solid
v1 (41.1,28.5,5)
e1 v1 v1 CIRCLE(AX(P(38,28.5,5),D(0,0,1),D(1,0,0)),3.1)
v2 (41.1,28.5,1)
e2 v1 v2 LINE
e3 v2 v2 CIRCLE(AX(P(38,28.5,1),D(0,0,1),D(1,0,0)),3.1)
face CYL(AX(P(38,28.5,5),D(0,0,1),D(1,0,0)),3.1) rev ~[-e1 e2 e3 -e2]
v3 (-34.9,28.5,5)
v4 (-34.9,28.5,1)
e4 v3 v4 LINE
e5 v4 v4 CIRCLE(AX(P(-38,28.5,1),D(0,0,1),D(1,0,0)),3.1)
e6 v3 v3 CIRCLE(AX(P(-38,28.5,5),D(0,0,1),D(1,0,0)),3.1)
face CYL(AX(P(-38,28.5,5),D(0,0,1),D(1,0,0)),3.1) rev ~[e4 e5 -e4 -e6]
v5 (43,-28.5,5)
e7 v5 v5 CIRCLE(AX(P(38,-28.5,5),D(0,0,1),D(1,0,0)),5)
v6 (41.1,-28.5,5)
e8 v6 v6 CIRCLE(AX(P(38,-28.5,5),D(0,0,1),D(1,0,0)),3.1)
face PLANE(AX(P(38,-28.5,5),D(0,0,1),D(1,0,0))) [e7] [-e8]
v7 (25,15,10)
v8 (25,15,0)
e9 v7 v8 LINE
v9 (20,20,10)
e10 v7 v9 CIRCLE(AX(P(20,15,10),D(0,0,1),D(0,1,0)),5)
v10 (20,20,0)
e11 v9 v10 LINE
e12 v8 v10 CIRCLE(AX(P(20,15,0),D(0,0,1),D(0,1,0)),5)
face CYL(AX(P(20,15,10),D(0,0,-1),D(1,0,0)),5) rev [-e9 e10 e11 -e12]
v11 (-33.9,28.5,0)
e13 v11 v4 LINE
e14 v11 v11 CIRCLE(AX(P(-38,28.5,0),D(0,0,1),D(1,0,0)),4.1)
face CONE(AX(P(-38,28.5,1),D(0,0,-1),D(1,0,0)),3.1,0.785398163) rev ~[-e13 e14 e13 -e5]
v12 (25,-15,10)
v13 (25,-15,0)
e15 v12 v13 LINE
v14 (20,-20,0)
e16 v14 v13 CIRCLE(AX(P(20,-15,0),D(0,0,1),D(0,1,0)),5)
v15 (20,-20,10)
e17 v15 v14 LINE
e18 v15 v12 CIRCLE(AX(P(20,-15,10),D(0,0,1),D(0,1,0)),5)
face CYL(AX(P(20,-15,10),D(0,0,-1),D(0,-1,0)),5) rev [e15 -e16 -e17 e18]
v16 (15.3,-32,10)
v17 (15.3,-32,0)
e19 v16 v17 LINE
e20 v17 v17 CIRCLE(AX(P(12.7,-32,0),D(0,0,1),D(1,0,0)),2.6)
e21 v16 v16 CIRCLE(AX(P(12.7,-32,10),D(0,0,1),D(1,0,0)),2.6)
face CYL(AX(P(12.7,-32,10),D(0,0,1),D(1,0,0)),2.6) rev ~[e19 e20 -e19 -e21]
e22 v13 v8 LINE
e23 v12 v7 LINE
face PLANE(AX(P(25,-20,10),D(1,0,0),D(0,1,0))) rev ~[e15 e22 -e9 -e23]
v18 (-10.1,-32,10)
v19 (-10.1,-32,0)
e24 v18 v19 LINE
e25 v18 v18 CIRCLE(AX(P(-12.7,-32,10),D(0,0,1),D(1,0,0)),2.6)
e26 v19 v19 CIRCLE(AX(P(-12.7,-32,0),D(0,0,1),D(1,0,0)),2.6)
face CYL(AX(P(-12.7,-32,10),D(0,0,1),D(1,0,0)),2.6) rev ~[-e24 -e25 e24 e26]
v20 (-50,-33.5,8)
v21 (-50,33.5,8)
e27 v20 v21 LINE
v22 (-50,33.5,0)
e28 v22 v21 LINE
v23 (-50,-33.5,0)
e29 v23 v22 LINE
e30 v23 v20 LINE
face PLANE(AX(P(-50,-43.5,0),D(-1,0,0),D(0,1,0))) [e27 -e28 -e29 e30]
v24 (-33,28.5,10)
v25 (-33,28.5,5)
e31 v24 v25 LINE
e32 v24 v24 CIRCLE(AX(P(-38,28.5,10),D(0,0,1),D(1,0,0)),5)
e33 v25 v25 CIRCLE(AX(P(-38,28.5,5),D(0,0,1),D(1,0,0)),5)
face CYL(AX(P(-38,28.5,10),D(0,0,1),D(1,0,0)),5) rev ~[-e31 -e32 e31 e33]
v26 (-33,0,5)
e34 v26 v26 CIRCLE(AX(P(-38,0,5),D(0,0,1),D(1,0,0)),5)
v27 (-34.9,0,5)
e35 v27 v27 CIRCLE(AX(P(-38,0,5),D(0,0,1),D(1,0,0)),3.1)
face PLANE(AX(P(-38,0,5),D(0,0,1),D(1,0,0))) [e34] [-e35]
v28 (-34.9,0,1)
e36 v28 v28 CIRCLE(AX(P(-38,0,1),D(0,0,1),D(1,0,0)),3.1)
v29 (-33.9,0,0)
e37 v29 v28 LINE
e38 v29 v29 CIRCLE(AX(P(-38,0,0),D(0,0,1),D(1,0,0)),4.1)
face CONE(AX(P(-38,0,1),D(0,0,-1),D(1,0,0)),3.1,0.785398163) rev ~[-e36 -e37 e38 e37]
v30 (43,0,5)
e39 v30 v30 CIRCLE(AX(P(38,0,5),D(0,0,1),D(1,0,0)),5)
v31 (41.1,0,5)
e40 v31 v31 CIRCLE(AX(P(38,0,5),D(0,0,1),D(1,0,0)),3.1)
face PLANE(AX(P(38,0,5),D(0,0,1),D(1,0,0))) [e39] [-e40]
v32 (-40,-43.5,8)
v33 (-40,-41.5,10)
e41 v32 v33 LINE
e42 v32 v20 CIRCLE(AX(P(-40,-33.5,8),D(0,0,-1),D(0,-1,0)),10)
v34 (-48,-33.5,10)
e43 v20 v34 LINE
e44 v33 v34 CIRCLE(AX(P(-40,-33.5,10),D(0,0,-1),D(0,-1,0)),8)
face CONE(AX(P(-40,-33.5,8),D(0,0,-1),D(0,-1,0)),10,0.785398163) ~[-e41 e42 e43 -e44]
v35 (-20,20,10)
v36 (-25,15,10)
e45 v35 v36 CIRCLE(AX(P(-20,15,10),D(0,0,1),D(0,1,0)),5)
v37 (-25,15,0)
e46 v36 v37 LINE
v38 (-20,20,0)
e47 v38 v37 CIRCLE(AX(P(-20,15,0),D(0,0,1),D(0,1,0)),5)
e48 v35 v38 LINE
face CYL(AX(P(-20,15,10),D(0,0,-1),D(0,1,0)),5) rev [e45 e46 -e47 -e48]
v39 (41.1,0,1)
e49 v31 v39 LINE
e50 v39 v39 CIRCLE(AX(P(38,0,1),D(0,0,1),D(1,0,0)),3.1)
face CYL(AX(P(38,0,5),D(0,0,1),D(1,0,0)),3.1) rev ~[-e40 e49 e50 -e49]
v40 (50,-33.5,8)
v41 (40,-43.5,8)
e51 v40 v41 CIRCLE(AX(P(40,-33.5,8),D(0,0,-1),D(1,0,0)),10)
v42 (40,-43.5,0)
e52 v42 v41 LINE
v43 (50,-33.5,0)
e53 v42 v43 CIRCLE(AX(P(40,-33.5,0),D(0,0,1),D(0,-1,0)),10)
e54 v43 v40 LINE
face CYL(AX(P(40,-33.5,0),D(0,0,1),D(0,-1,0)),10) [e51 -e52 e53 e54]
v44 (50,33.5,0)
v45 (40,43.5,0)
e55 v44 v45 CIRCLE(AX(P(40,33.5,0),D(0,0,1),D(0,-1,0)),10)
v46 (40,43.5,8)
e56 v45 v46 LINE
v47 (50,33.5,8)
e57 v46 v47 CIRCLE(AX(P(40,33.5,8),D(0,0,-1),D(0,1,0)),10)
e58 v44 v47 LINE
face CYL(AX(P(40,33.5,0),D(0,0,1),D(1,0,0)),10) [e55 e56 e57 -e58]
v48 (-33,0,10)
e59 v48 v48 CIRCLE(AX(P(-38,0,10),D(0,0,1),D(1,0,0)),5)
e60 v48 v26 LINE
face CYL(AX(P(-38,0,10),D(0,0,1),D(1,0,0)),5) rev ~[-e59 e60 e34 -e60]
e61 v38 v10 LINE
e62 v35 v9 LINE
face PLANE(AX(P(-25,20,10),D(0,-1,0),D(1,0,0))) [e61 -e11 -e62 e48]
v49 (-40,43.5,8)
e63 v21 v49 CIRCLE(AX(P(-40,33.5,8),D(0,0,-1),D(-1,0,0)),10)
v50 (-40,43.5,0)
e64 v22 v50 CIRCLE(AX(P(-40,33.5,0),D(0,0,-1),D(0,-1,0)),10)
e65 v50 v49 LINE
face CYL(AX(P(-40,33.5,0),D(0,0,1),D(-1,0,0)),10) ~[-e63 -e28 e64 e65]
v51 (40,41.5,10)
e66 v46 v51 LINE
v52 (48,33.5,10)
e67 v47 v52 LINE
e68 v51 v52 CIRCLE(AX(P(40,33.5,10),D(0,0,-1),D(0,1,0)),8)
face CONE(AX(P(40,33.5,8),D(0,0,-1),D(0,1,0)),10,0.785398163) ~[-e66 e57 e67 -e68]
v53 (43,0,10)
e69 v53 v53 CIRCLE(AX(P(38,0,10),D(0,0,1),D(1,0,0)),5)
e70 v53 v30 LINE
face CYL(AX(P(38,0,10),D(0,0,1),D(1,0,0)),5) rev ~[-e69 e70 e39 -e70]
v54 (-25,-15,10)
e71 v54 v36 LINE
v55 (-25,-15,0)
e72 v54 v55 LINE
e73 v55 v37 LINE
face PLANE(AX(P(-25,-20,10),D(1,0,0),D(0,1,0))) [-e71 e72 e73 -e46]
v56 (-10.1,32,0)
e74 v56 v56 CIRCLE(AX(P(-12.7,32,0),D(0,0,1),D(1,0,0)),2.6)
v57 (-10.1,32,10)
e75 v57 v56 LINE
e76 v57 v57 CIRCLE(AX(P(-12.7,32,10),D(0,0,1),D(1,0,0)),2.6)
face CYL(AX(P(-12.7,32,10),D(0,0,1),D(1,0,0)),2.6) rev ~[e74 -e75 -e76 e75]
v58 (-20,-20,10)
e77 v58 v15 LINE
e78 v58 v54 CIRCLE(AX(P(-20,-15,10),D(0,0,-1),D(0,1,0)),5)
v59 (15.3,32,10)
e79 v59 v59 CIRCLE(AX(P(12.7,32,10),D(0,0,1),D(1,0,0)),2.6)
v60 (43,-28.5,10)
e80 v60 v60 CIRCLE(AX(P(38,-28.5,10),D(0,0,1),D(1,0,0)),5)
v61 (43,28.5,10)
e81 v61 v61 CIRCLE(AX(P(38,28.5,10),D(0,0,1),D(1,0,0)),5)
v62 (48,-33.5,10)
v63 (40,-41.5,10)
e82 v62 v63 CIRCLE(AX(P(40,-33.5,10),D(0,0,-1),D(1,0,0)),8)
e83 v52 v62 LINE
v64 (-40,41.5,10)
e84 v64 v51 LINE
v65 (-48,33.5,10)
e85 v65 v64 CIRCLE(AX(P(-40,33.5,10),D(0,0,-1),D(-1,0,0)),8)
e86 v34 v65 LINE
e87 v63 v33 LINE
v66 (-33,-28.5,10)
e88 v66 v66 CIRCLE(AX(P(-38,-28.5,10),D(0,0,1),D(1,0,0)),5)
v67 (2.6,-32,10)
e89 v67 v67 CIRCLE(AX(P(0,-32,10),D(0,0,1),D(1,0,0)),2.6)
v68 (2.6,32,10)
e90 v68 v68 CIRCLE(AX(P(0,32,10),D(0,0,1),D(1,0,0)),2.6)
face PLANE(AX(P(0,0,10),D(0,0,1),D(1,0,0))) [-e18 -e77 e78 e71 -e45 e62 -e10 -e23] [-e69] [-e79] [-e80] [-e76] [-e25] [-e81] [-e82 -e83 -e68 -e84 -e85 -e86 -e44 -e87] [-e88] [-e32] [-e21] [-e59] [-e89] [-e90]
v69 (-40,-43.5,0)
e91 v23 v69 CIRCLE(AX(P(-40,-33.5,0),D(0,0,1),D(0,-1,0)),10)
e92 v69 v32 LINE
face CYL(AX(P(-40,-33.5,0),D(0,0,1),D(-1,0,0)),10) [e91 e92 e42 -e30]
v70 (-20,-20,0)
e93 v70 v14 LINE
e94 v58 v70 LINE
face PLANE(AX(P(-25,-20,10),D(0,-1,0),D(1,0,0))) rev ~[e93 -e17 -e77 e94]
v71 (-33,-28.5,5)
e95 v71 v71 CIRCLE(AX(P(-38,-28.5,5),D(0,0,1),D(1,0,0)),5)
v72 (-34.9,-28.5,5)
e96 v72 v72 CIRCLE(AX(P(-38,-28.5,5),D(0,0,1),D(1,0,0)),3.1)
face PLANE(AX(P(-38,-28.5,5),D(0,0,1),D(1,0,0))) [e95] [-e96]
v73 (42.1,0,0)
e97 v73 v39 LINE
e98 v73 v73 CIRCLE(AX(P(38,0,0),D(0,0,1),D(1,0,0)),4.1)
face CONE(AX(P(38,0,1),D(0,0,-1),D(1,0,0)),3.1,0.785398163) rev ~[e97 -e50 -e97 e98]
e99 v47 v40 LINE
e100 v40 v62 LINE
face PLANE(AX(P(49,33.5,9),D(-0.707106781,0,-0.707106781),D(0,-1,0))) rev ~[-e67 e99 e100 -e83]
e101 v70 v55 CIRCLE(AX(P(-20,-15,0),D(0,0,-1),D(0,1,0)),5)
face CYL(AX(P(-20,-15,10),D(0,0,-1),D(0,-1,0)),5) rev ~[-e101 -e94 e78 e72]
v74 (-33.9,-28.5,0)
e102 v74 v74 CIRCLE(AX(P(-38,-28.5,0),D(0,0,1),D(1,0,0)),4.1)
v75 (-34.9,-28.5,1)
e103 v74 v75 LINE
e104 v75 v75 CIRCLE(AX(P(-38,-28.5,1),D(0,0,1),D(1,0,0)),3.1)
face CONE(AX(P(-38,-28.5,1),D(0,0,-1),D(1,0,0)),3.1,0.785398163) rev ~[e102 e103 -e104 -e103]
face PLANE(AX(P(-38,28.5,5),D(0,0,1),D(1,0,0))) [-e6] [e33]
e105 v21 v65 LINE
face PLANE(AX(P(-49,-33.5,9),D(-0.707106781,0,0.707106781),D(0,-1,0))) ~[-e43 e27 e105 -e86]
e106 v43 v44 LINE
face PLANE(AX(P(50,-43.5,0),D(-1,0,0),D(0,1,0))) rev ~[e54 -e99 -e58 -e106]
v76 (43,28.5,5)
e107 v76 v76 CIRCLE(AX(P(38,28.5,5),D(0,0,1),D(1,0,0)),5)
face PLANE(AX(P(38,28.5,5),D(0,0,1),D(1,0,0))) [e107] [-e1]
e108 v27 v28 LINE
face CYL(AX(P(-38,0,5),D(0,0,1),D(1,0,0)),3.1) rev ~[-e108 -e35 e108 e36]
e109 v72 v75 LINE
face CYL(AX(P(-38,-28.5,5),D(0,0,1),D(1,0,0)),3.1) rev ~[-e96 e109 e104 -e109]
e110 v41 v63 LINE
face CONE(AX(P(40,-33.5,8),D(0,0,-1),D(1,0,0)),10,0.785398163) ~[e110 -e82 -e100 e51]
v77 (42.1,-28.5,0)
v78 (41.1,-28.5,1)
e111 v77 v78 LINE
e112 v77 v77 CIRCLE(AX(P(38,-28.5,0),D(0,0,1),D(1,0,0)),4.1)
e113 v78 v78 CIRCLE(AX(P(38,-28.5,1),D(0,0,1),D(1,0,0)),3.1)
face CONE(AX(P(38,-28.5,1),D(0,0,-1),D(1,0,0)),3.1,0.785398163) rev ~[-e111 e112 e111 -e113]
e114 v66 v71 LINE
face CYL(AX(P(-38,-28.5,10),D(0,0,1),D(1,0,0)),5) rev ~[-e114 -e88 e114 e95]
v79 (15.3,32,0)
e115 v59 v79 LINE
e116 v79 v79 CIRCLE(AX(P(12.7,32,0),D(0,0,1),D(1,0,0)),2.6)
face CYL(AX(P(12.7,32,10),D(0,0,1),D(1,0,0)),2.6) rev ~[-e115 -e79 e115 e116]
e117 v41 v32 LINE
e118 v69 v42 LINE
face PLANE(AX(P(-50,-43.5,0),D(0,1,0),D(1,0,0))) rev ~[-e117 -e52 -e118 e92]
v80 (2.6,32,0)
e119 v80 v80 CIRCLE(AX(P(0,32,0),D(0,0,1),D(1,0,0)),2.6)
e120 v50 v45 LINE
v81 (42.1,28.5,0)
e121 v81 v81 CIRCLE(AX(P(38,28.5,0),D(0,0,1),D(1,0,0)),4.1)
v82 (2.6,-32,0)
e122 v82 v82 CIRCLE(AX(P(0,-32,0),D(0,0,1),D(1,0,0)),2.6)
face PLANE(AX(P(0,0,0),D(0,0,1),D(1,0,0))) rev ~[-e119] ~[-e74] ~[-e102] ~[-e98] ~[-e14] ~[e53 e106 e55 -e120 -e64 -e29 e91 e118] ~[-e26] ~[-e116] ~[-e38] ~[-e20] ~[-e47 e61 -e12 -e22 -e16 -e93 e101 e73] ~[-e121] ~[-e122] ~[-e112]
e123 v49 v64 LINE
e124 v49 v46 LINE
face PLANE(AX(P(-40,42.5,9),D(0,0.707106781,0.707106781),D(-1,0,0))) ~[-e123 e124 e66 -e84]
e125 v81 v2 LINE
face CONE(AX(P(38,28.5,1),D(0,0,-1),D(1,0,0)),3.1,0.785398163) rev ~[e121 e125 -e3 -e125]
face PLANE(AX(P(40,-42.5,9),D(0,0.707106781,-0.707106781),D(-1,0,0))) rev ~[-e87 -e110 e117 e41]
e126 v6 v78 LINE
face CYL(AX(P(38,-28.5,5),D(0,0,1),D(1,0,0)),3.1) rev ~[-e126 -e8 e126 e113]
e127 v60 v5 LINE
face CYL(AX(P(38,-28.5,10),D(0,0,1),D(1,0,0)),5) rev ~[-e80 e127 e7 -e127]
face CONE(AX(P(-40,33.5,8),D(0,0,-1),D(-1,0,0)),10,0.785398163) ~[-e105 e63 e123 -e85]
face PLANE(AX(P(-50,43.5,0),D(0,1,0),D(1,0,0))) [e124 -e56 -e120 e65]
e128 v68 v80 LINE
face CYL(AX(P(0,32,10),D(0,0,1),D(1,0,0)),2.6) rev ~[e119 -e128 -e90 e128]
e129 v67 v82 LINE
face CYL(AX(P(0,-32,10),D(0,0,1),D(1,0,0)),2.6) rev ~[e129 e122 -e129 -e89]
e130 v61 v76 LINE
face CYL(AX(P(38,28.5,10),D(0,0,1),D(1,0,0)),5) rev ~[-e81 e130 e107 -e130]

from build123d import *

# Parameters (mm, degrees)
SKETCH_1_W          = 100
SKETCH_1_H          = 87
EXTRUDE_1_DEPTH     = 10
FILLET_1_R          = 10
SKETCH_2_R          = 2.6
CUT_EXTRUDE_1_DEPTH = 10
SKETCH_3_R          = 5
CUT_EXTRUDE_2_DEPTH = 5
SKETCH_4_R          = 3.1
CUT_EXTRUDE_3_DEPTH = 5
CHAMFER_1_SIZE      = 1
CHAMFER_2_SIZE      = 2
SKETCH1_W           = 50
SKETCH1_H           = 40
CUT_EXTRUDE1_DEPTH  = 10
FILLET1_R           = 5


with BuildPart() as part:
    # 草图1 → 凸台-拉伸1 (new body)
    with BuildSketch(Plane.XY):
        Rectangle(SKETCH_1_W, SKETCH_1_H)
    extrude(amount=EXTRUDE_1_DEPTH)

    # 圆角1
    fillet_1_edges = [part.edges().sort_by_distance(p)[0] for p in [
        (50, -43.5, 5),
        (-50, -43.5, 5),
        (-50, 43.5, 5),
        (50, 43.5, 5),
    ]]
    fillet(fillet_1_edges, radius=FILLET_1_R)

    # 草图2 → 切除-拉伸1 (cut)
    with BuildSketch(Plane.XY.offset(10)):
        with Locations((0, 32)):
            Circle(SKETCH_2_R)
        with Locations((-12.7, 32)):
            Circle(SKETCH_2_R)
        with Locations((12.7, 32)):
            Circle(SKETCH_2_R)
        with Locations((-12.7, -32)):
            Circle(SKETCH_2_R)
        with Locations((0, -32)):
            Circle(SKETCH_2_R)
        with Locations((12.7, -32)):
            Circle(SKETCH_2_R)
    extrude(amount=-CUT_EXTRUDE_1_DEPTH, mode=Mode.SUBTRACT)

    # 草图3 → 切除-拉伸2 (cut)
    with BuildSketch(Plane.XY.offset(10)):
        with Locations((-38, 28.5)):
            Circle(SKETCH_3_R)
        with Locations((-38, 0)):
            Circle(SKETCH_3_R)
        with Locations((-38, -28.5)):
            Circle(SKETCH_3_R)
        with Locations((38, -28.5)):
            Circle(SKETCH_3_R)
        with Locations((38, 0)):
            Circle(SKETCH_3_R)
        with Locations((38, 28.5)):
            Circle(SKETCH_3_R)
    extrude(amount=-CUT_EXTRUDE_2_DEPTH, mode=Mode.SUBTRACT)

    # 草图4 → 切除-拉伸3 (cut)
    with BuildSketch(Plane.XY.offset(5)):
        with Locations((-38, 28.5)):
            Circle(SKETCH_4_R)
        with Locations((-38, 0)):
            Circle(SKETCH_4_R)
        with Locations((-38, -28.5)):
            Circle(SKETCH_4_R)
        with Locations((38, 28.5)):
            Circle(SKETCH_4_R)
        with Locations((38, 0)):
            Circle(SKETCH_4_R)
        with Locations((38, -28.5)):
            Circle(SKETCH_4_R)
    extrude(amount=-CUT_EXTRUDE_3_DEPTH, mode=Mode.SUBTRACT)

    # 倒角1
    chamfer_1_edges = [part.edges().sort_by_distance(p)[0] for p in [
        (34.9, 0, 0),
        (34.9, -28.5, 0),
        (-41.1, 28.5, 0),
        (-41.1, 0, 0),
        (-41.1, -28.5, 0),
        (34.9, 28.5, 0),
    ]]
    chamfer(chamfer_1_edges, length=CHAMFER_1_SIZE)

    # 倒角2
    chamfer_2_edges = [part.edges().sort_by_distance(p)[0] for p in [
        (0, 43.5, 10),
        (50, 0, 10),
        (-50, 0, 10),
        (0, -43.5, 10),
        (-47.071067812, -40.571067812, 10),
        (47.071067812, -40.571067812, 10),
        (-47.071067812, 40.571067812, 10),
        (47.071067812, 40.571067812, 10),
    ]]
    chamfer(chamfer_2_edges, length=CHAMFER_2_SIZE)

    # Sketch1 → Cut-Extrude1 (cut)
    with BuildSketch(Plane.XY.offset(10)):
        Rectangle(SKETCH1_W, SKETCH1_H)
    extrude(amount=-CUT_EXTRUDE1_DEPTH, mode=Mode.SUBTRACT)

    # Fillet1
    fillet1_edges = [part.edges().sort_by_distance(p)[0] for p in [
        (25, 20, 5),
        (25, -20, 5),
        (-25, -20, 5),
        (-25, 20, 5),
    ]]
    fillet(fillet1_edges, radius=FILLET1_R)


solid = part.part
